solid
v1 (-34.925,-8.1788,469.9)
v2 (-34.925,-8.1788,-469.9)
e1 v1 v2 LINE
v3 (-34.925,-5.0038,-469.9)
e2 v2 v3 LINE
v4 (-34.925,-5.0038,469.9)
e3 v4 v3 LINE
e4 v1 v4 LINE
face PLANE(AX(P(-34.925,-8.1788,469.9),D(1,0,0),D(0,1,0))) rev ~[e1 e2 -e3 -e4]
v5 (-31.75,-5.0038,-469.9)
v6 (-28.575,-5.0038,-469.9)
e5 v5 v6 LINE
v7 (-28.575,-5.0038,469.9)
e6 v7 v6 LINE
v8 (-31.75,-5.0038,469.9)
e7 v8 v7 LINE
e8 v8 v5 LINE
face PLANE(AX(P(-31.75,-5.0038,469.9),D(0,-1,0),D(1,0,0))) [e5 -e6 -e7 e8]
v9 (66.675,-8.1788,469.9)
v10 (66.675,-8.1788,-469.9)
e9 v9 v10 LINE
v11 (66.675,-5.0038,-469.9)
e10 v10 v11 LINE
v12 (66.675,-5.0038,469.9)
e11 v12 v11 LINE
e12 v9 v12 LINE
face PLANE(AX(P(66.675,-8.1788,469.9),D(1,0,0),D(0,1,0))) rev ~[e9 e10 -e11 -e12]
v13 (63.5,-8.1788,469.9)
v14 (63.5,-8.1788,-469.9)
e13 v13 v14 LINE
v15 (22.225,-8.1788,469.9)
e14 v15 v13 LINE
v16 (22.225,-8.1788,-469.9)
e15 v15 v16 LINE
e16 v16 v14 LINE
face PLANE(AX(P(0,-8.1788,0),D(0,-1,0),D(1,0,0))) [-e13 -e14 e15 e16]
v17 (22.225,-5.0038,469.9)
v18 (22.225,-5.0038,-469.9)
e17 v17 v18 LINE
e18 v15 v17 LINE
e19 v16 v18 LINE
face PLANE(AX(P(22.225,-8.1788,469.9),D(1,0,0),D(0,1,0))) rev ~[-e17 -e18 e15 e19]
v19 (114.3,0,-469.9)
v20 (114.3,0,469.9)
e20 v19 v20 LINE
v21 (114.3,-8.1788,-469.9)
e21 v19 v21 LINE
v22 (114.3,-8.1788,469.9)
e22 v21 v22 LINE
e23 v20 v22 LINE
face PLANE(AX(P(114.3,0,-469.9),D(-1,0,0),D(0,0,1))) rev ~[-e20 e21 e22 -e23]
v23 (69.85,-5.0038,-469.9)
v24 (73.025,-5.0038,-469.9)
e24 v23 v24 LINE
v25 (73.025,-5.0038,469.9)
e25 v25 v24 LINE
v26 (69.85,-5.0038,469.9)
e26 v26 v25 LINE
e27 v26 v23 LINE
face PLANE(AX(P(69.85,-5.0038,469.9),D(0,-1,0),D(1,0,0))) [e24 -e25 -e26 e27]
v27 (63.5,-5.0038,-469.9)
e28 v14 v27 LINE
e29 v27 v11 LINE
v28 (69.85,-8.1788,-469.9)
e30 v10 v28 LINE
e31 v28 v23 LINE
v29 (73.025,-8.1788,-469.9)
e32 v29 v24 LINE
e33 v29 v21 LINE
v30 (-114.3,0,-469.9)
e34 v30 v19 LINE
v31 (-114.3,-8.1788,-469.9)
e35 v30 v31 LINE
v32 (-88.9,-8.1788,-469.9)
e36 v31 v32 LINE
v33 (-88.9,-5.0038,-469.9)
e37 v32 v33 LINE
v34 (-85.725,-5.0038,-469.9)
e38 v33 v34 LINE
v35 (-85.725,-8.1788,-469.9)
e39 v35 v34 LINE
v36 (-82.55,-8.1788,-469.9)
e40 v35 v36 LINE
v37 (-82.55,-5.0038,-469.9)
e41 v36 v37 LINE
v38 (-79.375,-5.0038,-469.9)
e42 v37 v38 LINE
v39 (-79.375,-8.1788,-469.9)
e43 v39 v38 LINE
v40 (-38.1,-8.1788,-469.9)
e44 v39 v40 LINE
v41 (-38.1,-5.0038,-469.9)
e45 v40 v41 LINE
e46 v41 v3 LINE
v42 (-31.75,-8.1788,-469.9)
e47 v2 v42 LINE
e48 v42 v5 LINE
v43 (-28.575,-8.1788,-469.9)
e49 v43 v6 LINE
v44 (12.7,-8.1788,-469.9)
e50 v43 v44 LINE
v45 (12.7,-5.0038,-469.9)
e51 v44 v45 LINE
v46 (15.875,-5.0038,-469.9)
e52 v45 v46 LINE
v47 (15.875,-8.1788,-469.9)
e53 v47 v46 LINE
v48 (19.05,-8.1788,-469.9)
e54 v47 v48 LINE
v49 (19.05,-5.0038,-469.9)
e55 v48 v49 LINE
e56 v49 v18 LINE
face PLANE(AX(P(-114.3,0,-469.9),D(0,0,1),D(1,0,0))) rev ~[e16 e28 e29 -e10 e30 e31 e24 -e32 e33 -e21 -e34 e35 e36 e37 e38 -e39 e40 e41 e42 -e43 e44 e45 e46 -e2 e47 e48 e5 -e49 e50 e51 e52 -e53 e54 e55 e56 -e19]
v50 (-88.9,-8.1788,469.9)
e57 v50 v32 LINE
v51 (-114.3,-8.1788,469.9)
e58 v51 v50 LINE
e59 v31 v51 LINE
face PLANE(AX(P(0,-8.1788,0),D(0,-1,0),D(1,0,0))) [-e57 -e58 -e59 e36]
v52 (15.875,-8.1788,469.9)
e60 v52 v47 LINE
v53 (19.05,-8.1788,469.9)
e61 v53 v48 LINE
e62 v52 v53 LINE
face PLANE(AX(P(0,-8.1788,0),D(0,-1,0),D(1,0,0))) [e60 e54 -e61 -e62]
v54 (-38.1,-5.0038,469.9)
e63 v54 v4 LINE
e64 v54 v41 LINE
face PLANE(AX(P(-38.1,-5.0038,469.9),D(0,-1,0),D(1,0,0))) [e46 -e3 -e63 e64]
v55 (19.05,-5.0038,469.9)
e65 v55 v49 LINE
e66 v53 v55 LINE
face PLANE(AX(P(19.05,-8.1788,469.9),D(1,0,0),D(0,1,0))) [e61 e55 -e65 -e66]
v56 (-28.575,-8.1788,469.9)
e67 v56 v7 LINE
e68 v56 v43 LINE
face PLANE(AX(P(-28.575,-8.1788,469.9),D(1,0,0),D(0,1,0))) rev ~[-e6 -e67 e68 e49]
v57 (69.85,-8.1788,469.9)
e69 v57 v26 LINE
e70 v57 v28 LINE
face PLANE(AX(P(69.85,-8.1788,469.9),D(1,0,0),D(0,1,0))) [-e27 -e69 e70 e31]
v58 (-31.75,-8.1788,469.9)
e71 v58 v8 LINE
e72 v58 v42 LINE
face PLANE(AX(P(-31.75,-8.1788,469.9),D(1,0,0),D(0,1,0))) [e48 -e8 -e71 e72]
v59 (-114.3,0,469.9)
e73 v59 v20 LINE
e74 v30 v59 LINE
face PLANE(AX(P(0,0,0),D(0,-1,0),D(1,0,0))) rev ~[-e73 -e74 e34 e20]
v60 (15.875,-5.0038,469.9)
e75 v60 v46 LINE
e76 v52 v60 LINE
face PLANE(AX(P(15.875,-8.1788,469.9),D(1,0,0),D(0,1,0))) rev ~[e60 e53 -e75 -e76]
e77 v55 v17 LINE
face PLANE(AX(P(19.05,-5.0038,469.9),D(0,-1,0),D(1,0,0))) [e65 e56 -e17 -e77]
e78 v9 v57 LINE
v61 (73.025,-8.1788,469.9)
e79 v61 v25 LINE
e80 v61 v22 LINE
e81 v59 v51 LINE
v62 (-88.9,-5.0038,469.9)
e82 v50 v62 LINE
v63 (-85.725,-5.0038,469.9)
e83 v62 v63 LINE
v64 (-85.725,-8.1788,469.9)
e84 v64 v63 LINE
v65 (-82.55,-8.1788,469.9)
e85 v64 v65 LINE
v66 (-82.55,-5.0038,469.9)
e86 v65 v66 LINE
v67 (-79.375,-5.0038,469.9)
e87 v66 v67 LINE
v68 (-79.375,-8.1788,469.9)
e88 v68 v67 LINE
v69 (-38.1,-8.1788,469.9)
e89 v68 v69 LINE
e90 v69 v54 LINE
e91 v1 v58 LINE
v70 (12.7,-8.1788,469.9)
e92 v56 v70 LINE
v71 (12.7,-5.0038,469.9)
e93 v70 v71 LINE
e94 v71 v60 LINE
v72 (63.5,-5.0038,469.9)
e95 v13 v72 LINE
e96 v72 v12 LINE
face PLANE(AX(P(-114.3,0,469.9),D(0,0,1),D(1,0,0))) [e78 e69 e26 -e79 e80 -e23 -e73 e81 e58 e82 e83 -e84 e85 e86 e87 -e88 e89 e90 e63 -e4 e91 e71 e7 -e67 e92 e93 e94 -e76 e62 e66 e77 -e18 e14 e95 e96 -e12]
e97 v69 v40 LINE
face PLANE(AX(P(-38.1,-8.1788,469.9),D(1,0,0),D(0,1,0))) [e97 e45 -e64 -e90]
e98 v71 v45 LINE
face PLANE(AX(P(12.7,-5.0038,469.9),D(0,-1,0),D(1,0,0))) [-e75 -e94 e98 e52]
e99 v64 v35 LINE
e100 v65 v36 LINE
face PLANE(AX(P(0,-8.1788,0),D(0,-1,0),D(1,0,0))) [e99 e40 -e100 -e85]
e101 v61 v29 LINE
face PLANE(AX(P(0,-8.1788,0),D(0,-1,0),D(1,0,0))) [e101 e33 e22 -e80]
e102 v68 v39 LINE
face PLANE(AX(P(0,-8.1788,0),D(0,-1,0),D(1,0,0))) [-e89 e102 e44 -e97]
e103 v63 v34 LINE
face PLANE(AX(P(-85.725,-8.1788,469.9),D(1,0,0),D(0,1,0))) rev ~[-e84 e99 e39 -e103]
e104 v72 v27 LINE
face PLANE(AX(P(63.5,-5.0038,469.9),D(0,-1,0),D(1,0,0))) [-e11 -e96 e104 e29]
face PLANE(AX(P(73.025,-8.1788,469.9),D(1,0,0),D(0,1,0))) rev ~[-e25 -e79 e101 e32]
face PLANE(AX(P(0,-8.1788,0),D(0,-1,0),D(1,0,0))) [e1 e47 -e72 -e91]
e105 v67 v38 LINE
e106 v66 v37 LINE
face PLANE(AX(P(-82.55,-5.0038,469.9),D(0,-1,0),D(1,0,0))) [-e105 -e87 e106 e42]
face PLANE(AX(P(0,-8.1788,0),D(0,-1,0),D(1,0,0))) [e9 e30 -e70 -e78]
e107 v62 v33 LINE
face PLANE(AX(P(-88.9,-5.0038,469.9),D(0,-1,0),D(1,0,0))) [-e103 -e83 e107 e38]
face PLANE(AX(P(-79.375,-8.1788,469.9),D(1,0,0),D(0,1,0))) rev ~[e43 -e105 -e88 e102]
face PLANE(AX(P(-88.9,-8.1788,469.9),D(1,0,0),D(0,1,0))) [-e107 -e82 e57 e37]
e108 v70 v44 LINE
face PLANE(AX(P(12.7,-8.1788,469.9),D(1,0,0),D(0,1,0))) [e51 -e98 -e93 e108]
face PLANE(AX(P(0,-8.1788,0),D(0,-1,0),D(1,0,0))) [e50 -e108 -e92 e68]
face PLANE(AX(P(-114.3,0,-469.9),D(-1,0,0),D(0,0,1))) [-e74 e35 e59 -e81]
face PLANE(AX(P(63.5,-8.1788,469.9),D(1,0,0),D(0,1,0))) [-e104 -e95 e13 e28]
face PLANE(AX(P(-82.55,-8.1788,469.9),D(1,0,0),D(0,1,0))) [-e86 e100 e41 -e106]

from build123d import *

# Parameters (mm, degrees)
F0_W     = 228.6
F0_H     = 939.8
F1_DEPTH = 8.1788
F2_W     = 3.175
F2_H     = 3.175
F3_DEPTH = 939.801


with BuildPart() as f1:
    # F0 (on Front) → F1 (new body)
    with BuildSketch(Plane.XZ):
        Rectangle(F0_W, F0_H)
    extrude(amount=F1_DEPTH)

    # F2 (on face) → F3 (cut, through all)
    with BuildSketch(Plane.XY.offset(469.9)):
        with Locations((-87.3125, -6.5913)):
            Rectangle(F2_W, F2_H)
        with Locations((-80.9625, -6.5913)):
            Rectangle(F2_W, F2_H)
        with Locations((-36.5125, -6.5913)):
            Rectangle(F2_W, F2_H)
        with Locations((-30.1625, -6.5913)):
            Rectangle(F2_W, F2_H)
        with Locations((14.2875, -6.5913)):
            Rectangle(F2_W, F2_H)
        with Locations((20.6375, -6.5913)):
            Rectangle(F2_W, F2_H)
        with Locations((65.0875, -6.5913)):
            Rectangle(F2_W, F2_H)
        with Locations((71.4375, -6.5913)):
            Rectangle(F2_W, F2_H)
    extrude(amount=-F3_DEPTH, mode=Mode.SUBTRACT)


solid = f1.part
